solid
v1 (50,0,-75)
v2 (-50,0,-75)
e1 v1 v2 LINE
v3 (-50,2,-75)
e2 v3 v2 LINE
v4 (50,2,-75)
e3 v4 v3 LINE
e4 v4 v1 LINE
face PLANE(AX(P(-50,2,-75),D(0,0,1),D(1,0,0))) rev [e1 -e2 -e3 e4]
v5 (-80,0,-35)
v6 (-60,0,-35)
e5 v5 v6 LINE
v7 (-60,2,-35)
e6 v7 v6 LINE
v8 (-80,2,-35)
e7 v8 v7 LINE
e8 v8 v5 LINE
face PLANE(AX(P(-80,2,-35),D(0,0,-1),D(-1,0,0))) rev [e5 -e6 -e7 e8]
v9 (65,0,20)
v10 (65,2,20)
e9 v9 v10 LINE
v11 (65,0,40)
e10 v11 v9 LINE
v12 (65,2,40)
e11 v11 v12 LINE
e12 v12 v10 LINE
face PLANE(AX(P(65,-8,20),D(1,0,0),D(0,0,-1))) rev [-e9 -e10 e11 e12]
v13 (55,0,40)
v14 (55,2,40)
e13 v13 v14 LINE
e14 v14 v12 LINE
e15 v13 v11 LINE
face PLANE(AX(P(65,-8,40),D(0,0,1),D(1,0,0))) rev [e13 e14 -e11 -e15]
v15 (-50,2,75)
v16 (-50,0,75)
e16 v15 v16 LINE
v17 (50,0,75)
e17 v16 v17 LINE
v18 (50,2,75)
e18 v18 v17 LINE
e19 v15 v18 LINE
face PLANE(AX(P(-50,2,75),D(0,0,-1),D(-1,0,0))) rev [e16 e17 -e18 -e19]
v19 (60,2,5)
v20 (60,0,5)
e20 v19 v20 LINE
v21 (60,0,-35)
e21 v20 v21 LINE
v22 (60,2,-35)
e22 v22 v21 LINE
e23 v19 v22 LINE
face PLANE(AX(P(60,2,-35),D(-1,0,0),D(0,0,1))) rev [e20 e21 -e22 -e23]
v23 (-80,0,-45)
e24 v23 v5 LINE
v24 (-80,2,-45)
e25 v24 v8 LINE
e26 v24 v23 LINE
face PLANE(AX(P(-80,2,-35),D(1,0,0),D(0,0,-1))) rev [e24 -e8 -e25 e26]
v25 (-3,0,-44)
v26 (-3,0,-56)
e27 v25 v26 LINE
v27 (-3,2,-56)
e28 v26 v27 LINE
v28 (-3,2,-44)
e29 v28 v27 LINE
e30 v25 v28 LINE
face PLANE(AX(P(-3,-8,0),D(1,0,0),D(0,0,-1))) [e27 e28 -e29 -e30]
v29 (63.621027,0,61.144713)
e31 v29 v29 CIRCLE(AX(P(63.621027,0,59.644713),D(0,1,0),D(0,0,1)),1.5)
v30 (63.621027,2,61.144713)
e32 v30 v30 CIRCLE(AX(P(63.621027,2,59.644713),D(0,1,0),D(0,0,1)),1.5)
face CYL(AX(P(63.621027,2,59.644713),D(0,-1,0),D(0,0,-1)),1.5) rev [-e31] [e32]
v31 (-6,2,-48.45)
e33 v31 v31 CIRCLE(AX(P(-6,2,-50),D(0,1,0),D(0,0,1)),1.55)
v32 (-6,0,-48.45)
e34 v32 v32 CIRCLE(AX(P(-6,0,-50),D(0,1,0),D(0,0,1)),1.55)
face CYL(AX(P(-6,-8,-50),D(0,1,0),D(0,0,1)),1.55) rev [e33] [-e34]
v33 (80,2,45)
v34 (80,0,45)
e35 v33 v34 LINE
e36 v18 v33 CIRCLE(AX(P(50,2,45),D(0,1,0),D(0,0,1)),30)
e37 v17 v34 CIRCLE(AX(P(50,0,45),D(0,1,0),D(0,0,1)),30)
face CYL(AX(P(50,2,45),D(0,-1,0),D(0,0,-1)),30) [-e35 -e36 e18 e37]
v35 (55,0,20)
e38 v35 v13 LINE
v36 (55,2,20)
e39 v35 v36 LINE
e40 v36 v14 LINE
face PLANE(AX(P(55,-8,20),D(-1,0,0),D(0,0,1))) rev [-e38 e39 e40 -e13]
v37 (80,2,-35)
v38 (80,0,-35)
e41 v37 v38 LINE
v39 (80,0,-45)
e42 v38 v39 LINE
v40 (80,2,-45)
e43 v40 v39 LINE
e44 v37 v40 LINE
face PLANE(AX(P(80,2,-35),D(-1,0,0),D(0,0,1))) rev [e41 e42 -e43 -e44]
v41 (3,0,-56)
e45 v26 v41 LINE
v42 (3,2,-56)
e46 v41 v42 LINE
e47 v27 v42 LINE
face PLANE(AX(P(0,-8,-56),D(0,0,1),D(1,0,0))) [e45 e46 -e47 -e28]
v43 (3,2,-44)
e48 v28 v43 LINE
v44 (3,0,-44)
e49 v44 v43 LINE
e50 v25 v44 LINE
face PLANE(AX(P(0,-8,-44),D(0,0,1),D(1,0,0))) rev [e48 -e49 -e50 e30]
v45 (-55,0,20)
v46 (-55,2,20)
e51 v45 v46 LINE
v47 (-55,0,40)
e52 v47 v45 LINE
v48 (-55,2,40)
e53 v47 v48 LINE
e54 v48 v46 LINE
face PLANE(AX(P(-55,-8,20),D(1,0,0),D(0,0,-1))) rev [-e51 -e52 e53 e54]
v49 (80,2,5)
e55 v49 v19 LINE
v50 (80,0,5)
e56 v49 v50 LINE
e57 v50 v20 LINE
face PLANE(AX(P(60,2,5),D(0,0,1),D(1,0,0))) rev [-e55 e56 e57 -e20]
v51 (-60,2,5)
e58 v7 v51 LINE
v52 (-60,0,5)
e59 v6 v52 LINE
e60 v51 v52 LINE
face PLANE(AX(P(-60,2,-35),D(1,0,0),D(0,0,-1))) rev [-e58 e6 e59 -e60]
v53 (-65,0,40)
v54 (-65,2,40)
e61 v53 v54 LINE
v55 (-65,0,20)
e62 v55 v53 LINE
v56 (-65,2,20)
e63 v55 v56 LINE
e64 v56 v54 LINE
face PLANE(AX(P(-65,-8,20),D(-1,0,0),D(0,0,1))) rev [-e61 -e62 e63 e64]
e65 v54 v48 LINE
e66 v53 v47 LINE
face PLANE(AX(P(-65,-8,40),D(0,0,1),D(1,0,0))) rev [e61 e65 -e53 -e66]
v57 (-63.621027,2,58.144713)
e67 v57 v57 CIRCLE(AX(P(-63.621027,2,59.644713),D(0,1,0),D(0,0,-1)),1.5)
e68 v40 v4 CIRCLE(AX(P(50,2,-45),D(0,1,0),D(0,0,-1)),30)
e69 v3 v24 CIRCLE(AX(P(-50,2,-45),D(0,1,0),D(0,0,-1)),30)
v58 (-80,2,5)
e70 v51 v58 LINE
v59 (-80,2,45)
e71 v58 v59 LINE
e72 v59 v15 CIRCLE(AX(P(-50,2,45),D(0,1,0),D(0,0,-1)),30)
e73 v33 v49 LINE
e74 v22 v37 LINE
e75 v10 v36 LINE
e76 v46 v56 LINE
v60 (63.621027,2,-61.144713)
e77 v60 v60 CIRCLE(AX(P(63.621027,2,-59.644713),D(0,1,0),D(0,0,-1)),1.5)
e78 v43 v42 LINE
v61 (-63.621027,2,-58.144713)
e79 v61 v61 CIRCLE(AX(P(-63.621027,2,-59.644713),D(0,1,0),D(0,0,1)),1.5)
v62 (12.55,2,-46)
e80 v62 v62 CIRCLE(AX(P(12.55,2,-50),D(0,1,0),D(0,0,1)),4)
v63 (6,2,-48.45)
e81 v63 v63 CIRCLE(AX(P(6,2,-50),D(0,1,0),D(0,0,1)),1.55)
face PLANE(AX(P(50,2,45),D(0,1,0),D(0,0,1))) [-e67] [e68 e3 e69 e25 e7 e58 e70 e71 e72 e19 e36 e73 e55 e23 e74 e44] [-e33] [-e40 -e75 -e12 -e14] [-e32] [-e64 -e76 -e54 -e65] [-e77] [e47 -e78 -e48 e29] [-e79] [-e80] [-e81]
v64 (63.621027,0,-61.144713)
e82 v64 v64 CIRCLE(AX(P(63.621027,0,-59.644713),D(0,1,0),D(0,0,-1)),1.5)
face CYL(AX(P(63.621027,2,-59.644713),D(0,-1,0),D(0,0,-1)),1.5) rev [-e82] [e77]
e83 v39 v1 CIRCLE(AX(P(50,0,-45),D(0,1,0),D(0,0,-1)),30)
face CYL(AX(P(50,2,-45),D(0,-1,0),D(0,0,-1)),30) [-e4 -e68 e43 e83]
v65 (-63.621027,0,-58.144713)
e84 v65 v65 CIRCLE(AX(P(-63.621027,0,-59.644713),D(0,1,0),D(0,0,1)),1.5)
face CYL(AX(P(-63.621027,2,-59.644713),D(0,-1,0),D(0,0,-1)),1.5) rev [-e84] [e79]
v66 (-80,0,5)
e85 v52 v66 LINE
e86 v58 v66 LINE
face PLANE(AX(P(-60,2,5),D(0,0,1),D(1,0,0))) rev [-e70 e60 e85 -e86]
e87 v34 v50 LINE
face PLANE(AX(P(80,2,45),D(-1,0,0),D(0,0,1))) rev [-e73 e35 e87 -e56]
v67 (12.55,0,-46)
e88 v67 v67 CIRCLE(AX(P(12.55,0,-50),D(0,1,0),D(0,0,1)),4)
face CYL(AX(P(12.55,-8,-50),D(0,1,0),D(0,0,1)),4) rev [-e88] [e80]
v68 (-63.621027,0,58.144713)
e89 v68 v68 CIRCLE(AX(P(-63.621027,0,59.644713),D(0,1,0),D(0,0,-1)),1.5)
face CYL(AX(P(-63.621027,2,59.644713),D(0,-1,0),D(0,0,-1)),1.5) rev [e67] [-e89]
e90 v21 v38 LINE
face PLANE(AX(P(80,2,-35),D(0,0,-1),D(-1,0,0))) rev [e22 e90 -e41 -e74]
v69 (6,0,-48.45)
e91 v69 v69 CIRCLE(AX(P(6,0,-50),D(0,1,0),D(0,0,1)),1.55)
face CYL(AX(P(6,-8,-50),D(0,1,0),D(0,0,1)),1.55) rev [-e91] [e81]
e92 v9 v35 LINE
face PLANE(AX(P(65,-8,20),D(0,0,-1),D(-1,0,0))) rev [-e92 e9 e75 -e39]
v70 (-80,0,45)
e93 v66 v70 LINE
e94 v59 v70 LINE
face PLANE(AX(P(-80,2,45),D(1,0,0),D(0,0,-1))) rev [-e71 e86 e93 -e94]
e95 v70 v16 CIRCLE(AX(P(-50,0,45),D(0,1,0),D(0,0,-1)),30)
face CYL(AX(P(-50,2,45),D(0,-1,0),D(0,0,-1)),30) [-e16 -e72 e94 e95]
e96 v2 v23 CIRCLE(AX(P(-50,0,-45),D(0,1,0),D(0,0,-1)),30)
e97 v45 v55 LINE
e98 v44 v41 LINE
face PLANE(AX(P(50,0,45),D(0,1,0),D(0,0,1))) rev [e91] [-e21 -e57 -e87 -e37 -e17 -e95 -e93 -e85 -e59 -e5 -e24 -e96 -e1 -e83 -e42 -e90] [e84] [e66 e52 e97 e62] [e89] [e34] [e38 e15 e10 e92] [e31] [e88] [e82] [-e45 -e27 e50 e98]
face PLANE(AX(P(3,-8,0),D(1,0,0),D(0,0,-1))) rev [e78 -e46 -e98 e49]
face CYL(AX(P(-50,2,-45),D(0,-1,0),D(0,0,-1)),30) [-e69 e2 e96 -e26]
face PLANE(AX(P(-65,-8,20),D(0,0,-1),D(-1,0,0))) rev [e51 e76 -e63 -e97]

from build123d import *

# Parameters (mm, degrees)
SKETCH1_R           = 1.5
BOSS_EXTRUDE1_DEPTH = 2
SKETCH2_R           = 1.55
SKETCH2_R_2         = 4
SKETCH2_W           = 6
SKETCH2_H           = 12
CUT_EXTRUDE1_DEPTH  = 10
SKETCH3_W           = 10
SKETCH3_H           = 20
CUT_EXTRUDE2_DEPTH  = 10


with BuildPart() as part:
    # Sketch1 → Boss-Extrude1 (new body)
    with BuildSketch(Plane(origin=(0, 0, 0), x_dir=(1, 0, 0), z_dir=(0, 1, 0))):
        with BuildLine():
            Line((-80, 35), (-60, 35))
            Line((-60, 35), (-60, -5))
            Line((-60, -5), (-80, -5))
            Line((-80, -5), (-80, -45))
            ThreePointArc((-80, -45), (-71.213203436, -66.213203436), (-50, -75))
            Line((-50, -75), (50, -75))
            ThreePointArc((50, -75), (71.213203436, -66.213203436), (80, -45))
            Line((80, -45), (80, -5))
            Line((80, -5), (60, -5))
            Line((60, -5), (60, 35))
            Line((60, 35), (80, 35))
            Line((80, 35), (80, 45))
            ThreePointArc((80, 45), (71.213203436, 66.213203436), (50, 75))
            Line((50, 75), (-50, 75))
            ThreePointArc((-50, 75), (-71.213203436, 66.213203436), (-80, 45))
            Line((-80, 45), (-80, 35))
        make_face()
        with Locations(Location((-63.621027185, 59.644712986, 0), (0, 0, 270))):
            Circle(SKETCH1_R, mode=Mode.SUBTRACT)
        with Locations(Location((63.621027185, 59.644712986, 0), (0, 0, 90))):
            Circle(SKETCH1_R, mode=Mode.SUBTRACT)
        with Locations(Location((63.621027185, -59.644712986, 0), (0, 0, 270))):
            Circle(SKETCH1_R, mode=Mode.SUBTRACT)
        with Locations(Location((-63.621027185, -59.644712986, 0), (0, 0, 90))):
            Circle(SKETCH1_R, mode=Mode.SUBTRACT)
    extrude(amount=BOSS_EXTRUDE1_DEPTH)

    # Sketch2 → Cut-Extrude1 (cut)
    with BuildSketch(Plane(origin=(0, 2, 0), x_dir=(1, 0, 0), z_dir=(0, 1, 0))):
        with Locations(Location((-6, 50, 0), (0, 0, 270))):
            Circle(SKETCH2_R)
        with Locations(Location((6, 50, 0), (0, 0, 270))):
            Circle(SKETCH2_R)
        with Locations(Location((12.55, 50, 0), (0, 0, 270))):
            Circle(SKETCH2_R_2)
        with Locations((0, 50)):
            Rectangle(SKETCH2_W, SKETCH2_H)
    extrude(amount=-CUT_EXTRUDE1_DEPTH, mode=Mode.SUBTRACT)

    # Sketch3 → Cut-Extrude2 (cut)
    with BuildSketch(Plane(origin=(0, 2, 0), x_dir=(1, 0, 0), z_dir=(0, 1, 0))):
        with Locations((-60, -30)):
            Rectangle(SKETCH3_W, SKETCH3_H)
        with Locations((60, -30)):
            Rectangle(SKETCH3_W, SKETCH3_H)
    extrude(amount=-CUT_EXTRUDE2_DEPTH, mode=Mode.SUBTRACT)


solid = part.part
